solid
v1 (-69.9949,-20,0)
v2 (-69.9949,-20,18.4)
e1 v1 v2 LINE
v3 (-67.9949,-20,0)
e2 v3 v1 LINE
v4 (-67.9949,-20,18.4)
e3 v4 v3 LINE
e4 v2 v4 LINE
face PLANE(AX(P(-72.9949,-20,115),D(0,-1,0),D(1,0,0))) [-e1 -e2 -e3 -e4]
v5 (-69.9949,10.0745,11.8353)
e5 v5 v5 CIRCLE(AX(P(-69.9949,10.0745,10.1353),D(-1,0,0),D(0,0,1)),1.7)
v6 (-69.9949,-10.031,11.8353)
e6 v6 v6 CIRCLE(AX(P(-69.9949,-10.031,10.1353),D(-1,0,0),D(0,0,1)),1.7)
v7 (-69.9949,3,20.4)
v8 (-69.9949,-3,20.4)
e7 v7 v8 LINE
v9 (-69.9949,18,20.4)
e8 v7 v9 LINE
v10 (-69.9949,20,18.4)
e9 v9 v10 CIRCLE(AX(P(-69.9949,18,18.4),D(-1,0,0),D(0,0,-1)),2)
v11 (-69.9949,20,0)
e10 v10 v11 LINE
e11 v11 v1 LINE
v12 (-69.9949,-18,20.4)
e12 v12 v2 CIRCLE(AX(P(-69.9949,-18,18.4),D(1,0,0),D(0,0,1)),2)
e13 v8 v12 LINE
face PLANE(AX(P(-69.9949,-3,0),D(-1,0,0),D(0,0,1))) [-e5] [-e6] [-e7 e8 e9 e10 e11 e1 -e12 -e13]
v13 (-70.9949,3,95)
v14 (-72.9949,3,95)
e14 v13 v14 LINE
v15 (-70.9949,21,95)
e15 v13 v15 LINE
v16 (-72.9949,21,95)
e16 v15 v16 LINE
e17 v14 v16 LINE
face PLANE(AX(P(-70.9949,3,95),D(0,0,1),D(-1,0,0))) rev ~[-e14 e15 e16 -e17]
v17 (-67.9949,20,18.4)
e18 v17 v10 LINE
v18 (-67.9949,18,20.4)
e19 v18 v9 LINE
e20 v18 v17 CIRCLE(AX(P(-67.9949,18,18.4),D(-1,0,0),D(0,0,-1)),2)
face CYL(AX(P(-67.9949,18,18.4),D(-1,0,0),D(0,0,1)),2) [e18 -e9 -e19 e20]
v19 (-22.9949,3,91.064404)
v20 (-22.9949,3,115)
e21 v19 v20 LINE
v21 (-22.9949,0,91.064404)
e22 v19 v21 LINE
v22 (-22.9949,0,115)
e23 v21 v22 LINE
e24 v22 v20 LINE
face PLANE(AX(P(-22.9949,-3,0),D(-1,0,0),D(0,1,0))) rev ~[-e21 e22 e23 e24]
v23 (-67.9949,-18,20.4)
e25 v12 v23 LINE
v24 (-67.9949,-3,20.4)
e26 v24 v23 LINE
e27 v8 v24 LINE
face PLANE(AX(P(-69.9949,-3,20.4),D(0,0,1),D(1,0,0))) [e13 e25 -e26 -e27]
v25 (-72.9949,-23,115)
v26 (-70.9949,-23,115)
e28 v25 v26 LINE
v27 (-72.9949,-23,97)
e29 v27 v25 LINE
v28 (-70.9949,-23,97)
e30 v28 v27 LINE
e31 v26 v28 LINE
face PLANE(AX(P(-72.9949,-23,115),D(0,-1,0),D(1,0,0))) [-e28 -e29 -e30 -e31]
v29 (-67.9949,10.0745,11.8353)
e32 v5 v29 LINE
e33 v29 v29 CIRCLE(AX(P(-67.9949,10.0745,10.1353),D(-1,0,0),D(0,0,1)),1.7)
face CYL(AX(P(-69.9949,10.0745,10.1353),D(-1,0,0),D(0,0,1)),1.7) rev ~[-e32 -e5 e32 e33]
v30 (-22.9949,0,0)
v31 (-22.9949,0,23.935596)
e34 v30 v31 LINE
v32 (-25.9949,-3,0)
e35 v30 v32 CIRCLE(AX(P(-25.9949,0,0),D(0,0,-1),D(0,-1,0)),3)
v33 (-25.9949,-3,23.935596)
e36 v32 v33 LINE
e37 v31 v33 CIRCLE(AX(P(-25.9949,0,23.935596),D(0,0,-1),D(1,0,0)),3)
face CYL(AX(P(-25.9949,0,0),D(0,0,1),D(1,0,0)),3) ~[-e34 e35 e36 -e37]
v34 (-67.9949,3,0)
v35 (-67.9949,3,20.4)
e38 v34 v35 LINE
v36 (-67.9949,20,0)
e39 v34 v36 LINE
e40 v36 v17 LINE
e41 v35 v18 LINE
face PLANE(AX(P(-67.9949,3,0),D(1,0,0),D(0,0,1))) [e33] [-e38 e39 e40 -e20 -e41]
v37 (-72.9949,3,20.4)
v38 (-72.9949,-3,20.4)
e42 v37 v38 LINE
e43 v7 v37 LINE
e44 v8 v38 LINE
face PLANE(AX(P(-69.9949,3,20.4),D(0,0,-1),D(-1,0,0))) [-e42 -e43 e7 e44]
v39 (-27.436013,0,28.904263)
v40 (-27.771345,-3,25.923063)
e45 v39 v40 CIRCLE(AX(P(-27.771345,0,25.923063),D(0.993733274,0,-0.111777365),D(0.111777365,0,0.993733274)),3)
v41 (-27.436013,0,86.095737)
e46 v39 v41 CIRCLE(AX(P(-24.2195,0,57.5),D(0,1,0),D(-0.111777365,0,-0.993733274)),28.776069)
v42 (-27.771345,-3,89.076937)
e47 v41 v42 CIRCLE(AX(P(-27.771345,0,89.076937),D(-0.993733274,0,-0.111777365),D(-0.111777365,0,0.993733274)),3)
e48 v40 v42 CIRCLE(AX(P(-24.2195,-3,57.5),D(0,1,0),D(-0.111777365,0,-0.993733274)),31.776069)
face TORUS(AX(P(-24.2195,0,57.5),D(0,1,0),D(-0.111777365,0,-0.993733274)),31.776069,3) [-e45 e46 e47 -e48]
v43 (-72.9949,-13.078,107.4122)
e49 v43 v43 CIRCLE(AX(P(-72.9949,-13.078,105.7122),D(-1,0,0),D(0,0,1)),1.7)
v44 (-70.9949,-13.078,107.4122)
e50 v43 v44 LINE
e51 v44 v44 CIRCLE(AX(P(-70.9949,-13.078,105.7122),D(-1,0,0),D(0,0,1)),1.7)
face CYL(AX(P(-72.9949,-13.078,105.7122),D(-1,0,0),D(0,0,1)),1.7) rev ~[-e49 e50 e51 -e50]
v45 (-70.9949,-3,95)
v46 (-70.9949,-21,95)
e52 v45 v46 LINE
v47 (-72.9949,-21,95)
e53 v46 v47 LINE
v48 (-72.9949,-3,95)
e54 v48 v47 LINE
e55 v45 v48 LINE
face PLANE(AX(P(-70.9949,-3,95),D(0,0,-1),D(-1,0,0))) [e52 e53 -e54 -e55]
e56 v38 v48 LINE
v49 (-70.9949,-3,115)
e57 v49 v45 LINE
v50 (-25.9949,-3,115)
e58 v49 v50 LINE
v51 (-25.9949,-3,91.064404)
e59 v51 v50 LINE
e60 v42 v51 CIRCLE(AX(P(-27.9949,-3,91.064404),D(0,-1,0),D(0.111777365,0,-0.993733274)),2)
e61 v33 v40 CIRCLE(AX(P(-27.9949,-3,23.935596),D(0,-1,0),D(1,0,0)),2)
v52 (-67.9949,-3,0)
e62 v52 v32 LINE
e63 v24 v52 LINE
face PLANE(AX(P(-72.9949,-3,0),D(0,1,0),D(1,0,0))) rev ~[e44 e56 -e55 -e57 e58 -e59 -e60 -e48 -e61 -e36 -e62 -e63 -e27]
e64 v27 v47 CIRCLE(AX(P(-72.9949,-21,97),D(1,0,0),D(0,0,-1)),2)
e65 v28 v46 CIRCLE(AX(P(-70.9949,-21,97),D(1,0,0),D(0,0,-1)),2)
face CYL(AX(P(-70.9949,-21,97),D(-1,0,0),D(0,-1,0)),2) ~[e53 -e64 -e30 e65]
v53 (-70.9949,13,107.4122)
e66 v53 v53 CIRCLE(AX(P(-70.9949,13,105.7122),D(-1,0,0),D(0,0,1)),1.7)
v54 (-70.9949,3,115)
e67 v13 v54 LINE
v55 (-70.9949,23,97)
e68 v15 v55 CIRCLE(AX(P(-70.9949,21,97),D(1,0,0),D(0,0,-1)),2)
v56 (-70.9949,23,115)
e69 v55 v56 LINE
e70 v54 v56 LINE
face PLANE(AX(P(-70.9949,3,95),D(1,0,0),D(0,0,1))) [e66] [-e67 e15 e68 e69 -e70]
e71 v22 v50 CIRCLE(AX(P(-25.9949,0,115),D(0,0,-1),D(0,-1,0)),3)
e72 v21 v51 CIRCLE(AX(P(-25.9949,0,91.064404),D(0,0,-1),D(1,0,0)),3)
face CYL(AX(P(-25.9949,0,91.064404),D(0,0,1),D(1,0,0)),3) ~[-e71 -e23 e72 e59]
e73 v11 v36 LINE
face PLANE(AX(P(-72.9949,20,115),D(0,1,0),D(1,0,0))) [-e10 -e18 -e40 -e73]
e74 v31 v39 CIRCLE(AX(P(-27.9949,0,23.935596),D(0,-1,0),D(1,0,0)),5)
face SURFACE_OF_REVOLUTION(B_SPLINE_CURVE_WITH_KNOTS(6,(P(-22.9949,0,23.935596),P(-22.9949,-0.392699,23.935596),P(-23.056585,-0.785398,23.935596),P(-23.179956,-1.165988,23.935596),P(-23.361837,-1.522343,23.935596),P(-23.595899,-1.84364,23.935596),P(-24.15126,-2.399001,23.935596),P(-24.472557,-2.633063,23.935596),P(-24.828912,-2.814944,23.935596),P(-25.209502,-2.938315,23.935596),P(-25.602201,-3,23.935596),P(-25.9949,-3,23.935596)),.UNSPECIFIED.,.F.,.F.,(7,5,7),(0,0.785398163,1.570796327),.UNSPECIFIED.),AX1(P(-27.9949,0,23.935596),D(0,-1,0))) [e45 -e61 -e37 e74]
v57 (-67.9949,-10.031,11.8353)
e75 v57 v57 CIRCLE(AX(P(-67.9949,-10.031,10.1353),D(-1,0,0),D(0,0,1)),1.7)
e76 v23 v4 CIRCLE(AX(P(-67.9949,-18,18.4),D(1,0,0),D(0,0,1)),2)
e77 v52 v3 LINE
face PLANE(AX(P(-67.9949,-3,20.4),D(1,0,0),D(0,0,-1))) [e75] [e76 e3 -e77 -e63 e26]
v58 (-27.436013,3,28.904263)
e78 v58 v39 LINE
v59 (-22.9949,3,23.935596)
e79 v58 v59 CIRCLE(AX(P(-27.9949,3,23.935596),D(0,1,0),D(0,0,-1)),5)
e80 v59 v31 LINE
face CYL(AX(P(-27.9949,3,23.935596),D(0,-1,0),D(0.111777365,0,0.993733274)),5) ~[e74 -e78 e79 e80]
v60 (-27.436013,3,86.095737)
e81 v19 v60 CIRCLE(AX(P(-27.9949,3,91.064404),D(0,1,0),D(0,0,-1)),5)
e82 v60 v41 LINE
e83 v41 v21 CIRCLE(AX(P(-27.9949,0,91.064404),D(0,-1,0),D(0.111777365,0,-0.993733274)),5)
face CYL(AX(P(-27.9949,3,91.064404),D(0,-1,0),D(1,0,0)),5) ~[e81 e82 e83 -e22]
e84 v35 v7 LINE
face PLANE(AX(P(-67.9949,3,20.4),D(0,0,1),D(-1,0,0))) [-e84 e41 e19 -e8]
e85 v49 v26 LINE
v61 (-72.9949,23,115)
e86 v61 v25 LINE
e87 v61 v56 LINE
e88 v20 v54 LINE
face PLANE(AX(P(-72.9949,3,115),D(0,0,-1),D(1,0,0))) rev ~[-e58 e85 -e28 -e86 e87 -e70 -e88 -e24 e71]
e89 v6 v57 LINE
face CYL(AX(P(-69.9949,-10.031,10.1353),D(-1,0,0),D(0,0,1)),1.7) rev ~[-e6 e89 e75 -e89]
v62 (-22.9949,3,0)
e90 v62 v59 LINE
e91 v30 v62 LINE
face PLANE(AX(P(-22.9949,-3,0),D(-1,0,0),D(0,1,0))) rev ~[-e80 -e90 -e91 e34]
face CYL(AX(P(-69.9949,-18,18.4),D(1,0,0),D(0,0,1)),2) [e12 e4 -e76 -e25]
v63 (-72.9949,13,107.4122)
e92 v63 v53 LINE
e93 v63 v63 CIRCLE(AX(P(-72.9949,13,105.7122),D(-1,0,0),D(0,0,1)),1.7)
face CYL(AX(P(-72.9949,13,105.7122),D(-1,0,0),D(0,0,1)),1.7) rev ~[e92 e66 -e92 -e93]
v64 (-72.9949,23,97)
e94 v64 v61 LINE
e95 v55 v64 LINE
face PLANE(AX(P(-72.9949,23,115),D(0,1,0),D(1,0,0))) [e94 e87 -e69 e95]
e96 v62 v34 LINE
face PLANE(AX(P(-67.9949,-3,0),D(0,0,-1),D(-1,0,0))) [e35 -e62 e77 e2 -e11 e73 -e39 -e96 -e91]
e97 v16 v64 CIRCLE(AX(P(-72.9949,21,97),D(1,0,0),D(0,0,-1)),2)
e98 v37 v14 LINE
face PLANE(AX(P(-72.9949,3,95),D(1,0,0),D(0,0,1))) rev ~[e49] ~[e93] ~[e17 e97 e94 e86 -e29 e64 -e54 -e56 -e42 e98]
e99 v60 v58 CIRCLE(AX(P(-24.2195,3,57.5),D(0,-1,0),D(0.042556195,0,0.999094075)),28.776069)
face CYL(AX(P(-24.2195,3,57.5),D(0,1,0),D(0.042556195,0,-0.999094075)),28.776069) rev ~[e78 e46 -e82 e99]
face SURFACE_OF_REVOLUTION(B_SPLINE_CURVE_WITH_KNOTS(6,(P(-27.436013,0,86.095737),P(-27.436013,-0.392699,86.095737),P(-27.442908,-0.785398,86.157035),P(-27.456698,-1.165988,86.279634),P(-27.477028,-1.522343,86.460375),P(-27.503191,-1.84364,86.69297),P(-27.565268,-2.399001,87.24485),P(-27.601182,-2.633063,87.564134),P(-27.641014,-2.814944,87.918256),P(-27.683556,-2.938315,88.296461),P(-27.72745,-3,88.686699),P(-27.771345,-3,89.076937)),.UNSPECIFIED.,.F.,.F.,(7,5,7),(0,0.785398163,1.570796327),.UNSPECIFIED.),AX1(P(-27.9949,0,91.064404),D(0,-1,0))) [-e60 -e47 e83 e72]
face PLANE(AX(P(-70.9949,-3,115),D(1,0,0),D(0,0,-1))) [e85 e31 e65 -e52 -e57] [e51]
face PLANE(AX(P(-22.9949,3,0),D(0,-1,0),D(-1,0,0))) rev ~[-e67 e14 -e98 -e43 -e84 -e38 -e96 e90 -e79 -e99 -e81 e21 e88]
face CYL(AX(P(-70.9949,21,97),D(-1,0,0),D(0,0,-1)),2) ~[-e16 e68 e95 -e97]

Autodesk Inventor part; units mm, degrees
ref_plane "YZ Plane" through (0, 0, 0) normal (1, 0, 0) x (0, 1, 0)
ref_plane "XZ Plane" through (0, 0, 0) normal (0, 1, 0) x (-1, 0, 0)
ref_plane "XY Plane" through (0, 0, 0) normal (0, 0, 1) x (1, 0, 0)
ref_plane "Plano de trabajo1" through (0, 0, 0) normal (0, 0, 1) x (1, 0, 0)
sketch "Boceto1" plane through (0, 0, 0) normal (0, 0, 1) x (1, 0, 0)
  line L0 (-72.9949, 0) -> (-72.9949, 3)
  line L1 (-72.9949, 3) -> (-72.9949, -3)
  line L2 (-72.9949, -3) -> (-22.9949, -3)
  line L3 (-22.9949, -3) -> (-22.9949, 3)
  line L4 (-22.9949, 3) -> (-72.9949, 3)
  point P0 (0, 0)
  dimension "d0" = 3
  dimension "d1" = 6
  dimension "d2" = 50
  dimension "d3" = 90
  dimension "d4" = 6
extrude "Extrusión1" add sketch "Boceto1" along normal blind 115
sketch "Boceto2" plane through (-72.9949, 3, 0) normal (0, 1, 0) x (1, 0, 0)
  line L0 (0, 0) -> (0, -115) projected
  line L1 (0, 0) -> (3, 0)
  line L2 (3, 0) -> (3, -20.4)
  line L3 (3, -20.4) -> (0, -20.4)
  line L4 (0, -20.4) -> (0, 0)
  point P0 (72.9949, 0)
  dimension "d7" = 3
  dimension "d8" = 20.4
extrude "Extrusión2" cut sketch "Boceto2" against normal blind 6
sketch "Boceto3" plane through (-72.9949, 3, 115) normal (0, 1, 0) x (1, 0, 0)
  line L0 (3, 115) -> (50, 115) projected
  line L1 (3, 115) -> (5, 115)
  line L2 (5, 115) -> (5, 94.6)
  line L3 (5, 94.6) -> (3, 94.6)
  line L4 (3, 94.6) -> (3, 115)
  point P0 (72.9949, 115)
  dimension "d11" = 2
  dimension "d12" = 20.4
extrude "Extrusión3" add sketch "Boceto3" along normal blind 17
sketch "Boceto5" plane through (-72.9949, -3, 115) normal (0, -1, 0) x (1, 0, 0)
  line L0 (3, -94.6) -> (0, -94.6) projected
  line L1 (3, -94.6) -> (5, -94.6)
  line L2 (5, -94.6) -> (5, -115)
  line L3 (5, -115) -> (3, -115)
  line L4 (3, -115) -> (3, -94.6)
  point P0 (72.9949, -115)
  dimension "d15" = 2
  dimension "d16" = 20.4
extrude "Extrusión4" add sketch "Boceto5" along normal blind 17
fillet "Empalme1" radius 2 2 edges at (-68.9949, -20, 20.4) (-68.9949, 20, 20.4)
sketch "Boceto6" plane through (-69.9949, -20, 0) normal (-1, 0, 0) x (0, 0, 1)
  circle A0 centre (10.1353, 9.969) radius 1.7
  circle A1 centre (10.1353, 30.0745) radius 1.7
  point P0 (0, 20)
  dimension "d20" = 3.4
  dimension "d21" = 3.4
extrude "Extrusión5" cut sketch "Boceto6" against normal blind 2
sketch "Boceto7" plane through (-72.9949, -3, 115) normal (0, -1, 0) x (1, 0, 0)
  line L0 (0, 0) -> (2, 0)
  line L1 (2, 0) -> (2, -20)
  line L2 (2, -20) -> (0, -20)
  line L3 (0, -20) -> (0, 0)
  point P0 (72.9949, -115)
  dimension "d24" = 2
  dimension "d25" = 20
extrude "Extrusión6" add sketch "Boceto7" along normal blind 20
sketch "Boceto8" plane through (-72.9949, 3, 115) normal (0, 1, 0) x (1, 0, 0)
  line L0 (2, 20) -> (2, 0) projected
  line L1 (0, 0) -> (2, 0)
  line L2 (2, 0) -> (2, 20)
  line L3 (2, 20) -> (0, 20)
  line L4 (0, 20) -> (0, 0)
  point P0 (72.9949, 115)
  dimension "d28" = 2
  dimension "d29" = 20
extrude "Extrusión7" add sketch "Boceto8" along normal blind 20
sketch "Boceto9" plane through (-72.9949, -3, 20.4) normal (-1, 0, 0) x (0, 0, 1)
  circle A0 centre (85.3122, 16) radius 1.7
  circle A1 centre (85.3122, -10.078) radius 1.7
  point P0 (-20.4, 3)
  dimension "d32" = 3.4
  dimension "d33" = 3.4
extrude "Extrusión8" cut sketch "Boceto9" against normal blind 20
fillet "Empalme2" radius 2 2 edges at (-71.9949, 23, 95) (-71.9949, -23, 95)
sketch "Boceto10" plane through (-22.9949, 3, 115) normal (0, 1, 0) x (1, 0, 0)
  line L0 (0, 115) -> (0, 0) projected
  line L1 (0, 115) -> (0, 57.5)
  line L2 (0, 57.5) -> (0, 86.25)
  line L3 (0, 57.5) -> (28.75, 57.5) construction
  line L4 (0, 86.25) -> (0, 28.75)
  line L5 (-50, 94.6) -> (-50, 20) projected
  line L6 (-50, 57.3) -> (-30, 57.3)
  line L7 (-50, 57.3) -> (-30, 57.3) construction
  line L8 (0, 86.25) -> (0, 28.75)
  arc A0 (0, 86.25) -> (0, 28.75) centre (-1.2246, 57.5) ccw
  point P0 (22.9949, 115)
  dimension "d37" = 57.5
  dimension "d39" = 28.75
  dimension "d40" = 90
  dimension "d41" = 57.5
  dimension "d42" = 0
  dimension "d43" = 20
  dimension "d44" = 0
extrude "Extrusión9" cut sketch "Boceto10" against normal blind 20
fillet "Empalme3" radius 5 2 edges at (-22.9949, 0, 86.25) (-22.9949, 0, 28.75)
fillet "Empalme4" radius 3 5 edges at (-22.9949, -3, 11.9678) (-24.267, -3, 87.7323) (-24.267, -3, 27.2677) (-52.9955, -3, 57.5) (-22.9949, -3, 103.0322)
properties part number "SoporteAmbu"
